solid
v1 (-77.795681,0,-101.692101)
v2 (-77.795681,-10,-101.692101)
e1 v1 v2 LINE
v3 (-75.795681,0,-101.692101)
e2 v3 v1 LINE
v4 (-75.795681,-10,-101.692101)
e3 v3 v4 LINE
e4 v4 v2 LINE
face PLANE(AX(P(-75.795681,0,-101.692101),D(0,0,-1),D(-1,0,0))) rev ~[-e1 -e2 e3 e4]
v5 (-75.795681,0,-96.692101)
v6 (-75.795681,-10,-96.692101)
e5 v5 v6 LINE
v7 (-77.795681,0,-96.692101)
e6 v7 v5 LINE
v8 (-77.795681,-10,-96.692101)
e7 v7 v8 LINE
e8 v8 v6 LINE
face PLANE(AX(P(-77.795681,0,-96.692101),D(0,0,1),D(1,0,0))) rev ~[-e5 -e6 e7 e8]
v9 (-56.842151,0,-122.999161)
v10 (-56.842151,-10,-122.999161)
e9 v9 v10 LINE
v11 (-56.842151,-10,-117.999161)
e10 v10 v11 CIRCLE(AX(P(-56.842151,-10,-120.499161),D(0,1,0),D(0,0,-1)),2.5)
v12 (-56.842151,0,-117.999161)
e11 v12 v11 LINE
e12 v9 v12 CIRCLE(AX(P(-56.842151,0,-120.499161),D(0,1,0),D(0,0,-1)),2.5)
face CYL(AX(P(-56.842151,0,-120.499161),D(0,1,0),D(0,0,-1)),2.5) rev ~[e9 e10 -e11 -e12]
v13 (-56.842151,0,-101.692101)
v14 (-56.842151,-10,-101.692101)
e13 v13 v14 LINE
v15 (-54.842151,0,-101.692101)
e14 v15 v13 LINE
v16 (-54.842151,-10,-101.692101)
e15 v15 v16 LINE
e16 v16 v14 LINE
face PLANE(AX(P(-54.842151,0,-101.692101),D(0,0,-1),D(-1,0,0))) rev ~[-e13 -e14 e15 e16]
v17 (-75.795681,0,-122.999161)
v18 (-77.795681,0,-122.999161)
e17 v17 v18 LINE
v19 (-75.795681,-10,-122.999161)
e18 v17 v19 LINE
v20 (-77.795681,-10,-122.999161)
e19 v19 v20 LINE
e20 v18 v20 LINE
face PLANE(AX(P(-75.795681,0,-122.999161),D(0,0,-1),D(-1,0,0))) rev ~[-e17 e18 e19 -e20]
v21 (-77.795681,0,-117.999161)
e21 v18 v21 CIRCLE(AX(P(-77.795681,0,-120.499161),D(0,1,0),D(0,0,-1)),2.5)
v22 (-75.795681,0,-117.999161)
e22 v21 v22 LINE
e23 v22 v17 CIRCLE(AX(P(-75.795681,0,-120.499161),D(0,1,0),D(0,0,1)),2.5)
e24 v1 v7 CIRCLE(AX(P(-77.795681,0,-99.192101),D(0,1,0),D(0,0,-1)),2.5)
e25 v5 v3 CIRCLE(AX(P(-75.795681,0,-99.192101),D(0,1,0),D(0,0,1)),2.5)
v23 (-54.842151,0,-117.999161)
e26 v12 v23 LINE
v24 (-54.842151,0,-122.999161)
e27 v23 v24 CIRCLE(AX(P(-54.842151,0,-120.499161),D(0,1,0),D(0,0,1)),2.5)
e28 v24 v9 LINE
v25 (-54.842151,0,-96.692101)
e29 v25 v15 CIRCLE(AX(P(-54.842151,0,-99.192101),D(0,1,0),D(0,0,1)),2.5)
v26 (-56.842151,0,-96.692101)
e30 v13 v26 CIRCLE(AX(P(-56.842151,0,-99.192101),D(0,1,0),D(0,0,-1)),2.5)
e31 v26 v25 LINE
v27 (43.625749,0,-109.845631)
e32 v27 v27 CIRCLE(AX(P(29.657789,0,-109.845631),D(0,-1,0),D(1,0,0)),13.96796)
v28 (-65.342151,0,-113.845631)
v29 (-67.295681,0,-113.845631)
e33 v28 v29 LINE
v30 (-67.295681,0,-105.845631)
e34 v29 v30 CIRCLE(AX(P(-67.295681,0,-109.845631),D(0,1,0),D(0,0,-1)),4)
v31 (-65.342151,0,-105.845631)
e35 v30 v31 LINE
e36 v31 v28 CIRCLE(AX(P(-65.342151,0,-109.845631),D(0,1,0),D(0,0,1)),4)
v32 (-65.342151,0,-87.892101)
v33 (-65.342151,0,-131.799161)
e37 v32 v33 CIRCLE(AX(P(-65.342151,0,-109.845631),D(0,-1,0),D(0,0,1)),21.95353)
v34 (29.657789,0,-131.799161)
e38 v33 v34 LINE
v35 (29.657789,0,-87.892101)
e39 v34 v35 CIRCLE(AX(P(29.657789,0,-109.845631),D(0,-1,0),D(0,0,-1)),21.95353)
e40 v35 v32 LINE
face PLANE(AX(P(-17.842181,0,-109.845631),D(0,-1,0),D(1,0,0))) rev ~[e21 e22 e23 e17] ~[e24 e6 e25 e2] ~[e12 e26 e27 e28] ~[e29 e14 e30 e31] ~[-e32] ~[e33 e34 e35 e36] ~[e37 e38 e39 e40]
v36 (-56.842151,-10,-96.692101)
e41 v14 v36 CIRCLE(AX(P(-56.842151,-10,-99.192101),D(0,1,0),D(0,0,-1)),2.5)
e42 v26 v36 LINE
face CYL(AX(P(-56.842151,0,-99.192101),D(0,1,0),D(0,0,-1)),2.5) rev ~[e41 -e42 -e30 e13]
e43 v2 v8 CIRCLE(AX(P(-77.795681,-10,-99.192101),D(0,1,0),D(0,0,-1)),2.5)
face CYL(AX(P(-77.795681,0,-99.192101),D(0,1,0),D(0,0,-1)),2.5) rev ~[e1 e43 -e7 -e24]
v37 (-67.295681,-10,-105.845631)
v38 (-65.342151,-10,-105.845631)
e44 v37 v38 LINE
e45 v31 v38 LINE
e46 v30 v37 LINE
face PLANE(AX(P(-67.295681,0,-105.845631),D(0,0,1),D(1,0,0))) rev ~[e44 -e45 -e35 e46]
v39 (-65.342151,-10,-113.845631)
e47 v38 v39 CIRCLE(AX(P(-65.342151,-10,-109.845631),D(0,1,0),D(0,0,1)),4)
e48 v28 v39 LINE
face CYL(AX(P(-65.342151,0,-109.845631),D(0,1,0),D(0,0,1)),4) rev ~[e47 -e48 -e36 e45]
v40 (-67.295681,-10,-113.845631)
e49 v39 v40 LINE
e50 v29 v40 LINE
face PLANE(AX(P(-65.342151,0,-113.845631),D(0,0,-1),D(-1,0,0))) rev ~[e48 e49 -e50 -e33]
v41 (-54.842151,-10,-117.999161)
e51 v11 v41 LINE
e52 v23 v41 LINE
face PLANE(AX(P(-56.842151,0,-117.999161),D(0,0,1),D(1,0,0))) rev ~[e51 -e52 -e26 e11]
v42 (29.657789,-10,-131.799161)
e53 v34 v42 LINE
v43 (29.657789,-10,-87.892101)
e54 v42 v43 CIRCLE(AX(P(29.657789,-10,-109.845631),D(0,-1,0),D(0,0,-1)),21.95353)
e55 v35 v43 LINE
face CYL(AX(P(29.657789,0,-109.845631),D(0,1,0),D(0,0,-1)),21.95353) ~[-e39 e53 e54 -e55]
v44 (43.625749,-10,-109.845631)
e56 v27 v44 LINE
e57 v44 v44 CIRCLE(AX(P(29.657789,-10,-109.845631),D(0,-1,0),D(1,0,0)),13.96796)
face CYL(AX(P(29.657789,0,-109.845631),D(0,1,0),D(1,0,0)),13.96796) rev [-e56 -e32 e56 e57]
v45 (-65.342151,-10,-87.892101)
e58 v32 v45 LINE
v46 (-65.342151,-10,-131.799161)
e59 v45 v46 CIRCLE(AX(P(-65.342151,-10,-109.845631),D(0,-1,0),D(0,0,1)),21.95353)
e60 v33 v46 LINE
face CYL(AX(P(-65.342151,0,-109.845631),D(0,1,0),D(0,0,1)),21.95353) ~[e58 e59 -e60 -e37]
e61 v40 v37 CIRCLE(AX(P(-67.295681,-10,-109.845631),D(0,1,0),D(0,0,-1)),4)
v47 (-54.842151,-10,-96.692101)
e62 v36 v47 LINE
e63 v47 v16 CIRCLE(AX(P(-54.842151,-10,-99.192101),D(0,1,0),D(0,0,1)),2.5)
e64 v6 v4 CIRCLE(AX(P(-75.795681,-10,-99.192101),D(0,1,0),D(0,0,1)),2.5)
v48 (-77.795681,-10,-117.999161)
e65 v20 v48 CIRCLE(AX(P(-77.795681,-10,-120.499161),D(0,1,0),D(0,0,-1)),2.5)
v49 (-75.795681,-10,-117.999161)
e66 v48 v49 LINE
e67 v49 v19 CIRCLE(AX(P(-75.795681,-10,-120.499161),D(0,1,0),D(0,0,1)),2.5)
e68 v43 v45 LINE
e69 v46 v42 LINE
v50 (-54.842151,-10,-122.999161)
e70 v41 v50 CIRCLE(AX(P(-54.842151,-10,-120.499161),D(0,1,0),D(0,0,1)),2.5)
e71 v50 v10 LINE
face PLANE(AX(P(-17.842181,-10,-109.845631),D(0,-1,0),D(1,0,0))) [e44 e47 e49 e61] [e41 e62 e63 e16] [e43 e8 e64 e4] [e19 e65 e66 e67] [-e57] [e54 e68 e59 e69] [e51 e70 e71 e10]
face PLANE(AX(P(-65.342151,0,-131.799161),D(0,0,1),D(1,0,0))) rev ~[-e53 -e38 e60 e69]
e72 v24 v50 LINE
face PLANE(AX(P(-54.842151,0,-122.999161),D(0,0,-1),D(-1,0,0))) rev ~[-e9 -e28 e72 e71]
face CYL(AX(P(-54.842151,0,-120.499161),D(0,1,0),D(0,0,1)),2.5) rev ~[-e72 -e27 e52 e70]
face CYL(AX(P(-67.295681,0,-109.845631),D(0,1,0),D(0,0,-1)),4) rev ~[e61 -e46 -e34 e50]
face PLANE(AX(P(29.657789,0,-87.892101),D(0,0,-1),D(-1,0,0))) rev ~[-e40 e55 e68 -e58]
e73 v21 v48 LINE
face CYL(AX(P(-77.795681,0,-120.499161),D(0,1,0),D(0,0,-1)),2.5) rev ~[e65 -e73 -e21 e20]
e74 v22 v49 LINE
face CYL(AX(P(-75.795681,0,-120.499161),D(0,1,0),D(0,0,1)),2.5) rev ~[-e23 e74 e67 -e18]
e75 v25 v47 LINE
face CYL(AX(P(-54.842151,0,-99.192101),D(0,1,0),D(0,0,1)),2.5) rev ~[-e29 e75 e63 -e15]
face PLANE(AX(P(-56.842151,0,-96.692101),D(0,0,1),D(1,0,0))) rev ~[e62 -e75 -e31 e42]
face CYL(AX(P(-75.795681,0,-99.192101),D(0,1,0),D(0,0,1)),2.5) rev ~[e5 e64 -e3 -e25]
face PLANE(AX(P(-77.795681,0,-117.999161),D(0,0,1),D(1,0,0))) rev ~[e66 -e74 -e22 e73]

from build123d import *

# Parameters (mm, degrees)
F0_R     = 13.96796
F1_DEPTH = 10


with BuildPart() as f1:
    # F0 (on Front) → F1 (new body)
    with BuildSketch(Plane.XZ):
        with BuildLine():
            Line((-65.342151, -131.799161), (29.657789, -131.799161))
            ThreePointArc((29.657789, -131.799161), (51.611319, -109.845631), (29.657789, -87.892101))
            Line((29.657789, -87.892101), (-65.342151, -87.892101))
            ThreePointArc((-65.342151, -87.892101), (-87.295681, -109.845631), (-65.342151, -131.799161))
        make_face()
        with BuildLine():
            Line((-75.795681, -122.999161), (-77.795681, -122.999161))
            ThreePointArc((-77.795681, -122.999161), (-80.295681, -120.499161), (-77.795681, -117.999161))
            Line((-77.795681, -117.999161), (-75.795681, -117.999161))
            ThreePointArc((-75.795681, -117.999161), (-73.295681, -120.499161), (-75.795681, -122.999161))
        make_face(mode=Mode.SUBTRACT)
        with BuildLine():
            ThreePointArc((-56.842151, -122.999161), (-59.342151, -120.499161), (-56.842151, -117.999161))
            Line((-56.842151, -117.999161), (-54.842151, -117.999161))
            ThreePointArc((-54.842151, -117.999161), (-52.342151, -120.499161), (-54.842151, -122.999161))
            Line((-54.842151, -122.999161), (-56.842151, -122.999161))
        make_face(mode=Mode.SUBTRACT)
        with BuildLine():
            ThreePointArc((-67.295681, -113.845631), (-71.295681, -109.845631), (-67.295681, -105.845631))
            Line((-67.295681, -105.845631), (-65.342151, -105.845631))
            ThreePointArc((-65.342151, -105.845631), (-61.342151, -109.845631), (-65.342151, -113.845631))
            Line((-65.342151, -113.845631), (-67.295681, -113.845631))
        make_face(mode=Mode.SUBTRACT)
        with BuildLine():
            Line((-75.795681, -101.692101), (-77.795681, -101.692101))
            ThreePointArc((-77.795681, -101.692101), (-80.295681, -99.192101), (-77.795681, -96.692101))
            Line((-77.795681, -96.692101), (-75.795681, -96.692101))
            ThreePointArc((-75.795681, -96.692101), (-73.295681, -99.192101), (-75.795681, -101.692101))
        make_face(mode=Mode.SUBTRACT)
        with BuildLine():
            ThreePointArc((-54.842151, -96.692101), (-52.342151, -99.192101), (-54.842151, -101.692101))
            Line((-54.842151, -101.692101), (-56.842151, -101.692101))
            ThreePointArc((-56.842151, -101.692101), (-59.342151, -99.192101), (-56.842151, -96.692101))
            Line((-56.842151, -96.692101), (-54.842151, -96.692101))
        make_face(mode=Mode.SUBTRACT)
        with Locations((29.657789, -109.845631)):
            Circle(F0_R, mode=Mode.SUBTRACT)
    extrude(amount=F1_DEPTH)


solid = f1.part
